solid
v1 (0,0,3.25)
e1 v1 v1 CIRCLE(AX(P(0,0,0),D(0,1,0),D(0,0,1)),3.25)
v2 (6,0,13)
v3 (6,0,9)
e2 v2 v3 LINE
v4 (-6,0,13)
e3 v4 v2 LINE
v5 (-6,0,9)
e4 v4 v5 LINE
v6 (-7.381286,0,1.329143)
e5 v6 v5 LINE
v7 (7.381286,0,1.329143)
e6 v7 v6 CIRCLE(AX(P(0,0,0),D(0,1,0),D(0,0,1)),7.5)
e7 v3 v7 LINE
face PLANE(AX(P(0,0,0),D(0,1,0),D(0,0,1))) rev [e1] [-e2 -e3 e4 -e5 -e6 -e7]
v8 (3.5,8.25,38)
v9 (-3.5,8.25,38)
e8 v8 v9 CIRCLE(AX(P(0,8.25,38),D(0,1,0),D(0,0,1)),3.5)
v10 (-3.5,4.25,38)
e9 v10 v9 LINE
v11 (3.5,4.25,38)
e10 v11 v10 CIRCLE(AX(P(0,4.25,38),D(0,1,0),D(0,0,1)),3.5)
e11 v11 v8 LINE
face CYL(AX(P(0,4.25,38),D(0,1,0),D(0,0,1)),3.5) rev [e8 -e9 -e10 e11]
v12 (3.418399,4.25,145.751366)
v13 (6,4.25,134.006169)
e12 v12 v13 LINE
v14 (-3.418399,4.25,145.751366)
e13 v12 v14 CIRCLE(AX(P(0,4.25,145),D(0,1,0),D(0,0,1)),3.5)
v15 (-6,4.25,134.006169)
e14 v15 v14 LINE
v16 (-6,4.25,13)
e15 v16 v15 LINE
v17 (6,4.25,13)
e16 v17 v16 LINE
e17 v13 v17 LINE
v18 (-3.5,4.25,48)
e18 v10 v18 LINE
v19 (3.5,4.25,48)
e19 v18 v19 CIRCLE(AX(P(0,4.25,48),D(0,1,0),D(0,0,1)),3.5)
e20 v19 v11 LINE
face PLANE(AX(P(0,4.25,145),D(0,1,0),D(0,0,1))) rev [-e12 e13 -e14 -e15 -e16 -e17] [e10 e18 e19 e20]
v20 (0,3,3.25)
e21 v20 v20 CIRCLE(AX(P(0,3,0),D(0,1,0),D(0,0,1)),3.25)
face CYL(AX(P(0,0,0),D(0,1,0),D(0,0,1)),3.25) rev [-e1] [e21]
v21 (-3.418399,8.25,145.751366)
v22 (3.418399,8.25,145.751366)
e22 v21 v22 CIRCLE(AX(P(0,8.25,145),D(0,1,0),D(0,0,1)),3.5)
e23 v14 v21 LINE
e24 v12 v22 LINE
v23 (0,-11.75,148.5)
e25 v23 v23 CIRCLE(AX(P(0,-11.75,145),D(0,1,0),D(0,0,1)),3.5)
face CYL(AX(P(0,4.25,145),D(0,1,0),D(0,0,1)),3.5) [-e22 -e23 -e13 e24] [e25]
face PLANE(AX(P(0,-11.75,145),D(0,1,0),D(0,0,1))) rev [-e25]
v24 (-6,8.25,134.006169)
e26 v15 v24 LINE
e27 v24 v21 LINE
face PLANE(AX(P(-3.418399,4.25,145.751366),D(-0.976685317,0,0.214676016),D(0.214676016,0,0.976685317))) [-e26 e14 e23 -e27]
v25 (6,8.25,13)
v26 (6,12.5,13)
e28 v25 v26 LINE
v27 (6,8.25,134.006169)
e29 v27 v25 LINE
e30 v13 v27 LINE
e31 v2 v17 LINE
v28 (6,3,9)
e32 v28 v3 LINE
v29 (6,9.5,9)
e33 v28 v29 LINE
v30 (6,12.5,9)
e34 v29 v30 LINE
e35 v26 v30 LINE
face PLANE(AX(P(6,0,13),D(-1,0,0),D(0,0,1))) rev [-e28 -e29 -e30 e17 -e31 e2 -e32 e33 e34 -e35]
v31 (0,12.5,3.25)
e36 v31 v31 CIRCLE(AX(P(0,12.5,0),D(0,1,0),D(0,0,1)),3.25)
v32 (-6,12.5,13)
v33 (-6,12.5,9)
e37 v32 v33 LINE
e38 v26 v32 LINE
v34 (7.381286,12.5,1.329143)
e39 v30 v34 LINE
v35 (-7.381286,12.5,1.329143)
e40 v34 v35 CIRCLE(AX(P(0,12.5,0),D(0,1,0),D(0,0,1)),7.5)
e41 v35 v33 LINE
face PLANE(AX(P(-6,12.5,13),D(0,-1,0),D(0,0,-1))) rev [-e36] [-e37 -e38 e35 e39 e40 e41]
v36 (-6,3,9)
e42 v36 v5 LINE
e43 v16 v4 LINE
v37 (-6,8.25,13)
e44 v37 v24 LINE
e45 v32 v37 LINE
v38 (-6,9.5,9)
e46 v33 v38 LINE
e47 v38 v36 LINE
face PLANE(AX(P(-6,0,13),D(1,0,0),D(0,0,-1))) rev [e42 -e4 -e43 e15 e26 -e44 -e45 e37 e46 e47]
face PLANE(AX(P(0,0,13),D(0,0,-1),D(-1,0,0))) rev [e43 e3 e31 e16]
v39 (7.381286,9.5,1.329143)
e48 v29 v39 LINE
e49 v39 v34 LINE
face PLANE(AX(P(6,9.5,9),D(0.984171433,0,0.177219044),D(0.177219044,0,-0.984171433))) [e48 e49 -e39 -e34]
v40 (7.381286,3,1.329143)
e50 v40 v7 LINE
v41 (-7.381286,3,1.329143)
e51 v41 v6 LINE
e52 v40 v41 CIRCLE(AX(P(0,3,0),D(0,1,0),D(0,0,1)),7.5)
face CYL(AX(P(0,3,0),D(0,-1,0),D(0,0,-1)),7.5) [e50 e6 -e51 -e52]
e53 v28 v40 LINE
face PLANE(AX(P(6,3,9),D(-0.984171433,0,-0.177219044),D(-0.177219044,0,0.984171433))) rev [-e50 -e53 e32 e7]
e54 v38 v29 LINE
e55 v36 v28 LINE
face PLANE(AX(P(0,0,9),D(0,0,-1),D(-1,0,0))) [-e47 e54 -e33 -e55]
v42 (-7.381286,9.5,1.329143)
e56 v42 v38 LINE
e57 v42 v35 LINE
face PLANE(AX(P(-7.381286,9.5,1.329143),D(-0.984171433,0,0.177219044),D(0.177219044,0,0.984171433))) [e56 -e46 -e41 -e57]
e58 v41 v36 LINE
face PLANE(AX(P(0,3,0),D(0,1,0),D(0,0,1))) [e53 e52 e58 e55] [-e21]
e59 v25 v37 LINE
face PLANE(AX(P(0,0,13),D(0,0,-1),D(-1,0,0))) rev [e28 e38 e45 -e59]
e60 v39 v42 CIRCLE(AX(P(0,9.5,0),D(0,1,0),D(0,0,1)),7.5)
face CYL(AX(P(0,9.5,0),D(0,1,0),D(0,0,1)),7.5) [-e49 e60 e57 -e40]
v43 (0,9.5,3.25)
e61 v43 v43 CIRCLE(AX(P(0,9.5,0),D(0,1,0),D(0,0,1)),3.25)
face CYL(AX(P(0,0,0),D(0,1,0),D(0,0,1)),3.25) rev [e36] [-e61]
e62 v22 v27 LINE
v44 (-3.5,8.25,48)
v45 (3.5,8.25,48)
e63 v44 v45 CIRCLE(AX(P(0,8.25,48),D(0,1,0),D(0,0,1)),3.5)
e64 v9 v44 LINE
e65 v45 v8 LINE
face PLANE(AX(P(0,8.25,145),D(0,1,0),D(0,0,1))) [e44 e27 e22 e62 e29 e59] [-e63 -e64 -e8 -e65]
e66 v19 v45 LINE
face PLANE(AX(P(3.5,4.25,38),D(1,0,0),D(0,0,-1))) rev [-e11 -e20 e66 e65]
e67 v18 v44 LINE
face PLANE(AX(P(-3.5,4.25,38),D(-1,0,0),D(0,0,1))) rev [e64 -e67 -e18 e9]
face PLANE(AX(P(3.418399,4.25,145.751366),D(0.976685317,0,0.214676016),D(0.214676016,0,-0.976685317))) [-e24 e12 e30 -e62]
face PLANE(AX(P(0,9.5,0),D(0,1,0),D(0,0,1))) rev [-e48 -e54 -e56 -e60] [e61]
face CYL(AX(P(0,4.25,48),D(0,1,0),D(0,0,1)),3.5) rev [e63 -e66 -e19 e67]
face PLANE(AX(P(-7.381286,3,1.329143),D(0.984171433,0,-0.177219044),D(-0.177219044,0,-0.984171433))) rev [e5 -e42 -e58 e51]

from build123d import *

# Parameters (mm, degrees)
EXTRUDE_1_DEPTH      = 3
SKETCH_2_W           = 12
SKETCH_2_H           = 12.5
EXTRUDE_2_DEPTH      = 4
EXTRUDE_3_DEPTH      = 3
SKETCH_4_R           = 3.25
CUT_EXTRUDE_1_DEPTH  = 13.5
EXTRUDE_4_DEPTH      = 2
EXTRUDE_4_DEPTH_BACK = 2
SKETCH_6_R           = 3.5
EXTRUDE_5_DEPTH      = 20


with BuildPart() as part:
    # Эскиз1 → Бобышка-Вытянуть1 (new body)
    with BuildSketch(Plane(origin=(0, 0, 0), x_dir=(1, 0, 0), z_dir=(0, 1, 0))):
        with BuildLine():
            Line((-7.38128575, -1.329142833), (-6, -9))
            Line((-6, -9), (6, -9))
            Line((6, -9), (7.38128575, -1.329142833))
            ThreePointArc((7.38128575, -1.329142833), (0, 7.5), (-7.38128575, -1.329142833))
        make_face()
    extrude(amount=EXTRUDE_1_DEPTH)

    # Эскиз2 → Бобышка-Вытянуть2 (add)
    with BuildSketch(Plane.XY.offset(9)):
        with Locations((0, 6.25)):
            Rectangle(SKETCH_2_W, SKETCH_2_H)
    extrude(amount=EXTRUDE_2_DEPTH)

    # Эскиз3 → Бобышка-Вытянуть3 (add)
    with BuildSketch(Plane(origin=(0, 12.5, 0), x_dir=(1, 0, 0), z_dir=(0, 1, 0))):
        with BuildLine():
            Line((-7.38128575, -1.329142833), (-6, -9))
            Line((-6, -9), (6, -9))
            Line((6, -9), (7.38128575, -1.329142833))
            ThreePointArc((7.38128575, -1.329142833), (0, 7.5), (-7.38128575, -1.329142833))
        make_face()
    extrude(amount=-EXTRUDE_3_DEPTH)

    # Эскиз4 → Вырез-Вытянуть1 (cut, through all)
    with BuildSketch(Plane(origin=(0, 12.5, 0), x_dir=(1, 0, 0), z_dir=(0, 1, 0))):
        Circle(SKETCH_4_R)
    extrude(amount=-CUT_EXTRUDE_1_DEPTH, mode=Mode.SUBTRACT)

    # Эскиз5 → Бобышка-Вытянуть4 (add, two sides)
    with BuildSketch(Plane(origin=(0, 6.25, 0), x_dir=(1, 0, 0), z_dir=(0, 1, 0))) as extrude_4_sk:
        with BuildLine():
            Line((-6, -13), (6, -13))
            Line((6, -13), (6, -134.006168685))
            Line((6, -134.006168685), (3.418398609, -145.751366054))
            ThreePointArc((3.418398609, -145.751366054), (0, -148.5), (-3.418398609, -145.751366054))
            Line((-3.418398609, -145.751366054), (-6, -134.006168685))
            Line((-6, -134.006168685), (-6, -13))
        make_face()
        with BuildLine():
            Line((3.5, -38), (3.5, -48))
            ThreePointArc((3.5, -48), (0, -51.5), (-3.5, -48))
            Line((-3.5, -48), (-3.5, -38))
            ThreePointArc((-3.5, -38), (0, -34.5), (3.5, -38))
        make_face(mode=Mode.SUBTRACT)
    extrude(amount=EXTRUDE_4_DEPTH)
    extrude(extrude_4_sk.sketch, amount=-EXTRUDE_4_DEPTH_BACK)

    # Эскиз6 → Бобышка-Вытянуть5 (add)
    with BuildSketch(Plane(origin=(0, 8.25, 0), x_dir=(1, 0, 0), z_dir=(0, 1, 0))):
        with Locations((0, -145)):
            Circle(SKETCH_6_R)
    extrude(amount=-EXTRUDE_5_DEPTH)


solid = part.part
